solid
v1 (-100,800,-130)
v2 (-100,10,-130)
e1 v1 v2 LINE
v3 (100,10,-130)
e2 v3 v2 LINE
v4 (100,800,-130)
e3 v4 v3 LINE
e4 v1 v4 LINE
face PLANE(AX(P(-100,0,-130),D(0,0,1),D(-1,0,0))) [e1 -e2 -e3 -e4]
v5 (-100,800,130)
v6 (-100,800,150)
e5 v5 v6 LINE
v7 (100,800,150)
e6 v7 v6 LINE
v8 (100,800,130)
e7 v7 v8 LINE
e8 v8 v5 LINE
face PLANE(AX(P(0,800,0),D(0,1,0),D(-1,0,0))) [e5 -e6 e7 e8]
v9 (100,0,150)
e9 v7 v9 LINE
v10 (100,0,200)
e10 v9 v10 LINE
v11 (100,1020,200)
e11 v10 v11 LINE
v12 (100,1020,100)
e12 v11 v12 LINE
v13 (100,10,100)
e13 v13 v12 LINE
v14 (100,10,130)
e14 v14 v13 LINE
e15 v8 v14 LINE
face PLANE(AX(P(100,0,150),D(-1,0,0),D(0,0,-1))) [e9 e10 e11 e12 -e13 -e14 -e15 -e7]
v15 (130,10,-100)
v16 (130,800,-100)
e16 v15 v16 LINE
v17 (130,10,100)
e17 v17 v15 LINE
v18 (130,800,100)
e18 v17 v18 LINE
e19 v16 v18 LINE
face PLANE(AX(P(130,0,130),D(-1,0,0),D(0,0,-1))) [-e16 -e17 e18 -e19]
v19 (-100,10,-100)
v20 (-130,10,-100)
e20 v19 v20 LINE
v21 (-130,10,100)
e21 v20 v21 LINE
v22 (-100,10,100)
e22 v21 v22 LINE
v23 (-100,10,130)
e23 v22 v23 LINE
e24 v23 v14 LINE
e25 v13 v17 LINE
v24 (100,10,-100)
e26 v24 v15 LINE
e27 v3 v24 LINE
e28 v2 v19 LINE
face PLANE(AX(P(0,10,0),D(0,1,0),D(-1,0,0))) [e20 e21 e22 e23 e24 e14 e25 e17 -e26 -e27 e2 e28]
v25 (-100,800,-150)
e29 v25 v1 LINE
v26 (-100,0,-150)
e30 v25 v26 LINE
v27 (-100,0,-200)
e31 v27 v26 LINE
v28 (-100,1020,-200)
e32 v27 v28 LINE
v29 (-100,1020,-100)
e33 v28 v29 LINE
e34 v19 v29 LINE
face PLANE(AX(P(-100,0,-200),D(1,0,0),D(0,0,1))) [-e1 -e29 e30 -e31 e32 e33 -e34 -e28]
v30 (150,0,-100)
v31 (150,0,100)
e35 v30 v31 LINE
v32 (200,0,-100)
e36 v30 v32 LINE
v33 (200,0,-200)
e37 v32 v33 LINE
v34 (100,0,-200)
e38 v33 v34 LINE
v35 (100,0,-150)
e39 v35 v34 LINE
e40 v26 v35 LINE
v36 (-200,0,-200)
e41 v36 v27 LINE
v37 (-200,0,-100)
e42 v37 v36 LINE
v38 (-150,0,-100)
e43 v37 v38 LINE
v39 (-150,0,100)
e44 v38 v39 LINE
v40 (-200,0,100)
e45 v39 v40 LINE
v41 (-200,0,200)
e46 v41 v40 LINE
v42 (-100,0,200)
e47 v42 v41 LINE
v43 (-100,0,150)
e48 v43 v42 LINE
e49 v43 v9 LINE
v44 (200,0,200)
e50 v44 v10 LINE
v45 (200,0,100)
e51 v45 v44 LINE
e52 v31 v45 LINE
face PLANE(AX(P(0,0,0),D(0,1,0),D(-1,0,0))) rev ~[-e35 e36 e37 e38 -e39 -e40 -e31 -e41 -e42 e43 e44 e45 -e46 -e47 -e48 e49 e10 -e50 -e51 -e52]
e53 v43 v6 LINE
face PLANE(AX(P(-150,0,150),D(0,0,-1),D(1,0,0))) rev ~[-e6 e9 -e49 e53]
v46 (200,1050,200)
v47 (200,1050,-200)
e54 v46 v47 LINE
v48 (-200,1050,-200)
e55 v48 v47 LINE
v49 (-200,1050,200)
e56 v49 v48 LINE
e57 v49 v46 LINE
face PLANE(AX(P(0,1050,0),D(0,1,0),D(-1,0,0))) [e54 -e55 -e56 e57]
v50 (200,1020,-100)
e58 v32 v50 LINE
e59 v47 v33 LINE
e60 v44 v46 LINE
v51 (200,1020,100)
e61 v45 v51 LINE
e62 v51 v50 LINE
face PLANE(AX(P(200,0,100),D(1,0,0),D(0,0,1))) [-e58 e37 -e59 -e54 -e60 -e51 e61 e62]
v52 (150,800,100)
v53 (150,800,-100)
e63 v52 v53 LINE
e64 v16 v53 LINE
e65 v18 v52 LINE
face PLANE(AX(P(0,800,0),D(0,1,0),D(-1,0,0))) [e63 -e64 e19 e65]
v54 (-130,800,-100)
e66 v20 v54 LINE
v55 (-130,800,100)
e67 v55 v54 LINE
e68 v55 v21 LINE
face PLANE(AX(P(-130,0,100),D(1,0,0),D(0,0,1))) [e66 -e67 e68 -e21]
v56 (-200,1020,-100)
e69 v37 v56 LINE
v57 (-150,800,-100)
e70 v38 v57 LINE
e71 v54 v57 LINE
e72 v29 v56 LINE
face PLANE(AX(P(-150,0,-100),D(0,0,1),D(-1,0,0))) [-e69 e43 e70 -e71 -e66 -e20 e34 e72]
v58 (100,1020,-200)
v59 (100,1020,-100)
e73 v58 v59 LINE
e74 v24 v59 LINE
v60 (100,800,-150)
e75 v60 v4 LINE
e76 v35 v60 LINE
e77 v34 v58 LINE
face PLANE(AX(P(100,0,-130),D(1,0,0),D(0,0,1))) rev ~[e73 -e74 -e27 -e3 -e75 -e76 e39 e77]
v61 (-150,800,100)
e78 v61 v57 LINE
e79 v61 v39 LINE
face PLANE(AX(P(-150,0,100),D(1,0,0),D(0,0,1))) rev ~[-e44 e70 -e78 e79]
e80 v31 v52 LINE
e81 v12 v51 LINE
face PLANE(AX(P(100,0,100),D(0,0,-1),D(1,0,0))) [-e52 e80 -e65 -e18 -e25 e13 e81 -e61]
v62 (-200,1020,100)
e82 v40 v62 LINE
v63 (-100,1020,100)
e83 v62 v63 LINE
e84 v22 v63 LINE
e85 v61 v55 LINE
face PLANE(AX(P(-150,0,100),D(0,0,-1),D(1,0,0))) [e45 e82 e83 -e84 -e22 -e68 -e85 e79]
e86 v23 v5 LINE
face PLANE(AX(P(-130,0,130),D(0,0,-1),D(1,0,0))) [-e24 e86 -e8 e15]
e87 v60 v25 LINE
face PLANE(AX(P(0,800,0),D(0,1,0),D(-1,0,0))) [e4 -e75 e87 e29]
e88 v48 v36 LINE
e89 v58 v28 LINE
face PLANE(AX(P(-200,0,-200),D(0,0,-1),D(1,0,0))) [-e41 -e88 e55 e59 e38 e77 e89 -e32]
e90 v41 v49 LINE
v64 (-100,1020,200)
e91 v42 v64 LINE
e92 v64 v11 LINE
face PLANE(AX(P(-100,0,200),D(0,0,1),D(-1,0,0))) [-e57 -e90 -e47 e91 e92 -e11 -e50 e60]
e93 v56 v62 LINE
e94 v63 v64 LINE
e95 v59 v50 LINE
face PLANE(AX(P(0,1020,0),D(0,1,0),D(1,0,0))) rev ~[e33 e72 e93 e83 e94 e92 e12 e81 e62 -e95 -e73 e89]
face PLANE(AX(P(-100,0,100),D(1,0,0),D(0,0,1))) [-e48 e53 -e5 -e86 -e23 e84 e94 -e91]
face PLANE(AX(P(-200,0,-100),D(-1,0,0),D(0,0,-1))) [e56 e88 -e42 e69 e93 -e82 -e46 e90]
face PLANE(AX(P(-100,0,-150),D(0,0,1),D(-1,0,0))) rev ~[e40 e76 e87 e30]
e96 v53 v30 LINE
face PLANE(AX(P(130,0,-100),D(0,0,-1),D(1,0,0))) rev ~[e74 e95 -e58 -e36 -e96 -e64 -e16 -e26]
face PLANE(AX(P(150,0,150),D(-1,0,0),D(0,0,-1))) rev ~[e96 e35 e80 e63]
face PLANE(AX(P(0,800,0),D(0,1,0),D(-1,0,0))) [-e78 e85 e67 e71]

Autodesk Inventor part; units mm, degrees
ref_plane "YZ Plane" through (0, 0, 0) normal (1, 0, 0) x (0, 1, 0)
ref_plane "XZ Plane" through (0, 0, 0) normal (0, 1, 0) x (-1, 0, 0)
ref_plane "XY Plane" through (0, 0, 0) normal (0, 0, 1) x (1, 0, 0)
sketch "Sketch1" plane through (0, 0, 0) normal (0, 1, 0) x (-1, 0, 0)
  line L0 (150, 150) -> (-150, 150)
  line L1 (-150, 150) -> (-150, -150)
  line L2 (-150, -150) -> (150, -150)
  line L3 (150, -150) -> (150, 150)
  line L4 (150, 150) -> (-150, -150) construction
  line L5 (-150, 150) -> (150, -150) construction
  line L6 (100, -100) -> (200, -100)
  line L7 (200, -100) -> (200, -200)
  line L8 (200, -200) -> (100, -200)
  line L9 (100, -200) -> (100, -100)
  line L10 (100, -100) -> (200, -200) construction
  line L11 (200, -100) -> (100, -200) construction
  line L12 (100, 200) -> (200, 200)
  line L13 (200, 200) -> (200, 100)
  line L14 (200, 100) -> (100, 100)
  line L15 (100, 100) -> (100, 200)
  line L16 (100, 200) -> (200, 100) construction
  line L17 (200, 200) -> (100, 100) construction
  line L18 (-100, 100) -> (-200, 100)
  line L19 (-200, 100) -> (-200, 200)
  line L20 (-200, 200) -> (-100, 200)
  line L21 (-100, 200) -> (-100, 100)
  line L22 (-100, 100) -> (-200, 200) construction
  line L23 (-200, 100) -> (-100, 200) construction
  line L24 (-100, -100) -> (-200, -100)
  line L25 (-200, -100) -> (-200, -200)
  line L26 (-200, -200) -> (-100, -200)
  line L27 (-100, -200) -> (-100, -100)
  line L28 (-100, -100) -> (-200, -200) construction
  line L29 (-200, -100) -> (-100, -200) construction
  line L30 (130, 130) -> (-130, 130)
  line L31 (-130, 130) -> (-130, -130)
  line L32 (-130, -130) -> (130, -130)
  line L33 (130, -130) -> (130, 130)
  line L34 (130, 130) -> (-130, -130) construction
  line L35 (-130, 130) -> (130, -130) construction
  point P0 (0, 0)
  dimension "d0" = 300
  dimension "d1" = 300
  dimension "d2" = 100
  dimension "d3" = 100
  dimension "d4" = 100
  dimension "d5" = 100
  dimension "d6" = 100
  dimension "d7" = 100
  dimension "d14" = 260
extrude "Extrusion1" add sketch "Sketch1" along normal blind 1050 contours L3 L14 L33 L30 L15 L0 | L0 L15 L12 L13 L14 L3 | L21 L30 L31 L18 L1 L0 | L0 L1 L18 L19 L20 L21 | L30 L33 L14 L15 | L6 L7 L8 L9 L2 L3 | L3 L2 L9 L32 L33 L6 | L21 L18 L31 L30 | L33 L32 L9 L6 | L24 L31 L32 L27 L2 L1 | L1 L2 L27 L26 L25 L24 | L24 L27 L32 L31
extrude "Extrusion2" add sketch "Sketch1" along normal blind 800 contours L3 L14 L33 L30 L15 L0 | L15 L30 L21 L0 | L3 L6 L33 L14 | L21 L30 L31 L18 L1 L0 | L3 L2 L9 L32 L33 L6 | L18 L31 L24 L1 | L2 L27 L32 L9 | L24 L31 L32 L27 L2 L1
sketch "Sketch2" plane through (0, 1050, 0) normal (0, 1, 0) x (1, 0, 0)
  line L0 (-200, -200) -> (-100, -200) projected
  line L1 (200, 100) -> (200, 200) projected
  line L2 (-200, -200) -> (200, -200)
  line L3 (200, -200) -> (200, 200)
  line L4 (200, 200) -> (-200, 200)
  line L5 (-200, 200) -> (-200, -200)
  point P0 (0, 0)
extrude "Extrusion3" add sketch "Sketch2" against normal blind 30
extrude "Extrusion4" add sketch "Sketch1" along normal blind 10 contours L3 L14 L33 L30 L15 L0 | L15 L30 L21 L0 | L3 L6 L33 L14 | L21 L30 L31 L18 L1 L0 | L30 L33 L14 L15 | L15 L14 L33 L6 L9 L32 L27 L24 L31 L18 L21 L30 | L3 L2 L9 L32 L33 L6 | L21 L18 L31 L30 | L33 L32 L9 L6 | L18 L31 L24 L1 | L2 L27 L32 L9 | L24 L31 L32 L27 L2 L1 | L24 L27 L32 L31
properties part number "smietnik2"
